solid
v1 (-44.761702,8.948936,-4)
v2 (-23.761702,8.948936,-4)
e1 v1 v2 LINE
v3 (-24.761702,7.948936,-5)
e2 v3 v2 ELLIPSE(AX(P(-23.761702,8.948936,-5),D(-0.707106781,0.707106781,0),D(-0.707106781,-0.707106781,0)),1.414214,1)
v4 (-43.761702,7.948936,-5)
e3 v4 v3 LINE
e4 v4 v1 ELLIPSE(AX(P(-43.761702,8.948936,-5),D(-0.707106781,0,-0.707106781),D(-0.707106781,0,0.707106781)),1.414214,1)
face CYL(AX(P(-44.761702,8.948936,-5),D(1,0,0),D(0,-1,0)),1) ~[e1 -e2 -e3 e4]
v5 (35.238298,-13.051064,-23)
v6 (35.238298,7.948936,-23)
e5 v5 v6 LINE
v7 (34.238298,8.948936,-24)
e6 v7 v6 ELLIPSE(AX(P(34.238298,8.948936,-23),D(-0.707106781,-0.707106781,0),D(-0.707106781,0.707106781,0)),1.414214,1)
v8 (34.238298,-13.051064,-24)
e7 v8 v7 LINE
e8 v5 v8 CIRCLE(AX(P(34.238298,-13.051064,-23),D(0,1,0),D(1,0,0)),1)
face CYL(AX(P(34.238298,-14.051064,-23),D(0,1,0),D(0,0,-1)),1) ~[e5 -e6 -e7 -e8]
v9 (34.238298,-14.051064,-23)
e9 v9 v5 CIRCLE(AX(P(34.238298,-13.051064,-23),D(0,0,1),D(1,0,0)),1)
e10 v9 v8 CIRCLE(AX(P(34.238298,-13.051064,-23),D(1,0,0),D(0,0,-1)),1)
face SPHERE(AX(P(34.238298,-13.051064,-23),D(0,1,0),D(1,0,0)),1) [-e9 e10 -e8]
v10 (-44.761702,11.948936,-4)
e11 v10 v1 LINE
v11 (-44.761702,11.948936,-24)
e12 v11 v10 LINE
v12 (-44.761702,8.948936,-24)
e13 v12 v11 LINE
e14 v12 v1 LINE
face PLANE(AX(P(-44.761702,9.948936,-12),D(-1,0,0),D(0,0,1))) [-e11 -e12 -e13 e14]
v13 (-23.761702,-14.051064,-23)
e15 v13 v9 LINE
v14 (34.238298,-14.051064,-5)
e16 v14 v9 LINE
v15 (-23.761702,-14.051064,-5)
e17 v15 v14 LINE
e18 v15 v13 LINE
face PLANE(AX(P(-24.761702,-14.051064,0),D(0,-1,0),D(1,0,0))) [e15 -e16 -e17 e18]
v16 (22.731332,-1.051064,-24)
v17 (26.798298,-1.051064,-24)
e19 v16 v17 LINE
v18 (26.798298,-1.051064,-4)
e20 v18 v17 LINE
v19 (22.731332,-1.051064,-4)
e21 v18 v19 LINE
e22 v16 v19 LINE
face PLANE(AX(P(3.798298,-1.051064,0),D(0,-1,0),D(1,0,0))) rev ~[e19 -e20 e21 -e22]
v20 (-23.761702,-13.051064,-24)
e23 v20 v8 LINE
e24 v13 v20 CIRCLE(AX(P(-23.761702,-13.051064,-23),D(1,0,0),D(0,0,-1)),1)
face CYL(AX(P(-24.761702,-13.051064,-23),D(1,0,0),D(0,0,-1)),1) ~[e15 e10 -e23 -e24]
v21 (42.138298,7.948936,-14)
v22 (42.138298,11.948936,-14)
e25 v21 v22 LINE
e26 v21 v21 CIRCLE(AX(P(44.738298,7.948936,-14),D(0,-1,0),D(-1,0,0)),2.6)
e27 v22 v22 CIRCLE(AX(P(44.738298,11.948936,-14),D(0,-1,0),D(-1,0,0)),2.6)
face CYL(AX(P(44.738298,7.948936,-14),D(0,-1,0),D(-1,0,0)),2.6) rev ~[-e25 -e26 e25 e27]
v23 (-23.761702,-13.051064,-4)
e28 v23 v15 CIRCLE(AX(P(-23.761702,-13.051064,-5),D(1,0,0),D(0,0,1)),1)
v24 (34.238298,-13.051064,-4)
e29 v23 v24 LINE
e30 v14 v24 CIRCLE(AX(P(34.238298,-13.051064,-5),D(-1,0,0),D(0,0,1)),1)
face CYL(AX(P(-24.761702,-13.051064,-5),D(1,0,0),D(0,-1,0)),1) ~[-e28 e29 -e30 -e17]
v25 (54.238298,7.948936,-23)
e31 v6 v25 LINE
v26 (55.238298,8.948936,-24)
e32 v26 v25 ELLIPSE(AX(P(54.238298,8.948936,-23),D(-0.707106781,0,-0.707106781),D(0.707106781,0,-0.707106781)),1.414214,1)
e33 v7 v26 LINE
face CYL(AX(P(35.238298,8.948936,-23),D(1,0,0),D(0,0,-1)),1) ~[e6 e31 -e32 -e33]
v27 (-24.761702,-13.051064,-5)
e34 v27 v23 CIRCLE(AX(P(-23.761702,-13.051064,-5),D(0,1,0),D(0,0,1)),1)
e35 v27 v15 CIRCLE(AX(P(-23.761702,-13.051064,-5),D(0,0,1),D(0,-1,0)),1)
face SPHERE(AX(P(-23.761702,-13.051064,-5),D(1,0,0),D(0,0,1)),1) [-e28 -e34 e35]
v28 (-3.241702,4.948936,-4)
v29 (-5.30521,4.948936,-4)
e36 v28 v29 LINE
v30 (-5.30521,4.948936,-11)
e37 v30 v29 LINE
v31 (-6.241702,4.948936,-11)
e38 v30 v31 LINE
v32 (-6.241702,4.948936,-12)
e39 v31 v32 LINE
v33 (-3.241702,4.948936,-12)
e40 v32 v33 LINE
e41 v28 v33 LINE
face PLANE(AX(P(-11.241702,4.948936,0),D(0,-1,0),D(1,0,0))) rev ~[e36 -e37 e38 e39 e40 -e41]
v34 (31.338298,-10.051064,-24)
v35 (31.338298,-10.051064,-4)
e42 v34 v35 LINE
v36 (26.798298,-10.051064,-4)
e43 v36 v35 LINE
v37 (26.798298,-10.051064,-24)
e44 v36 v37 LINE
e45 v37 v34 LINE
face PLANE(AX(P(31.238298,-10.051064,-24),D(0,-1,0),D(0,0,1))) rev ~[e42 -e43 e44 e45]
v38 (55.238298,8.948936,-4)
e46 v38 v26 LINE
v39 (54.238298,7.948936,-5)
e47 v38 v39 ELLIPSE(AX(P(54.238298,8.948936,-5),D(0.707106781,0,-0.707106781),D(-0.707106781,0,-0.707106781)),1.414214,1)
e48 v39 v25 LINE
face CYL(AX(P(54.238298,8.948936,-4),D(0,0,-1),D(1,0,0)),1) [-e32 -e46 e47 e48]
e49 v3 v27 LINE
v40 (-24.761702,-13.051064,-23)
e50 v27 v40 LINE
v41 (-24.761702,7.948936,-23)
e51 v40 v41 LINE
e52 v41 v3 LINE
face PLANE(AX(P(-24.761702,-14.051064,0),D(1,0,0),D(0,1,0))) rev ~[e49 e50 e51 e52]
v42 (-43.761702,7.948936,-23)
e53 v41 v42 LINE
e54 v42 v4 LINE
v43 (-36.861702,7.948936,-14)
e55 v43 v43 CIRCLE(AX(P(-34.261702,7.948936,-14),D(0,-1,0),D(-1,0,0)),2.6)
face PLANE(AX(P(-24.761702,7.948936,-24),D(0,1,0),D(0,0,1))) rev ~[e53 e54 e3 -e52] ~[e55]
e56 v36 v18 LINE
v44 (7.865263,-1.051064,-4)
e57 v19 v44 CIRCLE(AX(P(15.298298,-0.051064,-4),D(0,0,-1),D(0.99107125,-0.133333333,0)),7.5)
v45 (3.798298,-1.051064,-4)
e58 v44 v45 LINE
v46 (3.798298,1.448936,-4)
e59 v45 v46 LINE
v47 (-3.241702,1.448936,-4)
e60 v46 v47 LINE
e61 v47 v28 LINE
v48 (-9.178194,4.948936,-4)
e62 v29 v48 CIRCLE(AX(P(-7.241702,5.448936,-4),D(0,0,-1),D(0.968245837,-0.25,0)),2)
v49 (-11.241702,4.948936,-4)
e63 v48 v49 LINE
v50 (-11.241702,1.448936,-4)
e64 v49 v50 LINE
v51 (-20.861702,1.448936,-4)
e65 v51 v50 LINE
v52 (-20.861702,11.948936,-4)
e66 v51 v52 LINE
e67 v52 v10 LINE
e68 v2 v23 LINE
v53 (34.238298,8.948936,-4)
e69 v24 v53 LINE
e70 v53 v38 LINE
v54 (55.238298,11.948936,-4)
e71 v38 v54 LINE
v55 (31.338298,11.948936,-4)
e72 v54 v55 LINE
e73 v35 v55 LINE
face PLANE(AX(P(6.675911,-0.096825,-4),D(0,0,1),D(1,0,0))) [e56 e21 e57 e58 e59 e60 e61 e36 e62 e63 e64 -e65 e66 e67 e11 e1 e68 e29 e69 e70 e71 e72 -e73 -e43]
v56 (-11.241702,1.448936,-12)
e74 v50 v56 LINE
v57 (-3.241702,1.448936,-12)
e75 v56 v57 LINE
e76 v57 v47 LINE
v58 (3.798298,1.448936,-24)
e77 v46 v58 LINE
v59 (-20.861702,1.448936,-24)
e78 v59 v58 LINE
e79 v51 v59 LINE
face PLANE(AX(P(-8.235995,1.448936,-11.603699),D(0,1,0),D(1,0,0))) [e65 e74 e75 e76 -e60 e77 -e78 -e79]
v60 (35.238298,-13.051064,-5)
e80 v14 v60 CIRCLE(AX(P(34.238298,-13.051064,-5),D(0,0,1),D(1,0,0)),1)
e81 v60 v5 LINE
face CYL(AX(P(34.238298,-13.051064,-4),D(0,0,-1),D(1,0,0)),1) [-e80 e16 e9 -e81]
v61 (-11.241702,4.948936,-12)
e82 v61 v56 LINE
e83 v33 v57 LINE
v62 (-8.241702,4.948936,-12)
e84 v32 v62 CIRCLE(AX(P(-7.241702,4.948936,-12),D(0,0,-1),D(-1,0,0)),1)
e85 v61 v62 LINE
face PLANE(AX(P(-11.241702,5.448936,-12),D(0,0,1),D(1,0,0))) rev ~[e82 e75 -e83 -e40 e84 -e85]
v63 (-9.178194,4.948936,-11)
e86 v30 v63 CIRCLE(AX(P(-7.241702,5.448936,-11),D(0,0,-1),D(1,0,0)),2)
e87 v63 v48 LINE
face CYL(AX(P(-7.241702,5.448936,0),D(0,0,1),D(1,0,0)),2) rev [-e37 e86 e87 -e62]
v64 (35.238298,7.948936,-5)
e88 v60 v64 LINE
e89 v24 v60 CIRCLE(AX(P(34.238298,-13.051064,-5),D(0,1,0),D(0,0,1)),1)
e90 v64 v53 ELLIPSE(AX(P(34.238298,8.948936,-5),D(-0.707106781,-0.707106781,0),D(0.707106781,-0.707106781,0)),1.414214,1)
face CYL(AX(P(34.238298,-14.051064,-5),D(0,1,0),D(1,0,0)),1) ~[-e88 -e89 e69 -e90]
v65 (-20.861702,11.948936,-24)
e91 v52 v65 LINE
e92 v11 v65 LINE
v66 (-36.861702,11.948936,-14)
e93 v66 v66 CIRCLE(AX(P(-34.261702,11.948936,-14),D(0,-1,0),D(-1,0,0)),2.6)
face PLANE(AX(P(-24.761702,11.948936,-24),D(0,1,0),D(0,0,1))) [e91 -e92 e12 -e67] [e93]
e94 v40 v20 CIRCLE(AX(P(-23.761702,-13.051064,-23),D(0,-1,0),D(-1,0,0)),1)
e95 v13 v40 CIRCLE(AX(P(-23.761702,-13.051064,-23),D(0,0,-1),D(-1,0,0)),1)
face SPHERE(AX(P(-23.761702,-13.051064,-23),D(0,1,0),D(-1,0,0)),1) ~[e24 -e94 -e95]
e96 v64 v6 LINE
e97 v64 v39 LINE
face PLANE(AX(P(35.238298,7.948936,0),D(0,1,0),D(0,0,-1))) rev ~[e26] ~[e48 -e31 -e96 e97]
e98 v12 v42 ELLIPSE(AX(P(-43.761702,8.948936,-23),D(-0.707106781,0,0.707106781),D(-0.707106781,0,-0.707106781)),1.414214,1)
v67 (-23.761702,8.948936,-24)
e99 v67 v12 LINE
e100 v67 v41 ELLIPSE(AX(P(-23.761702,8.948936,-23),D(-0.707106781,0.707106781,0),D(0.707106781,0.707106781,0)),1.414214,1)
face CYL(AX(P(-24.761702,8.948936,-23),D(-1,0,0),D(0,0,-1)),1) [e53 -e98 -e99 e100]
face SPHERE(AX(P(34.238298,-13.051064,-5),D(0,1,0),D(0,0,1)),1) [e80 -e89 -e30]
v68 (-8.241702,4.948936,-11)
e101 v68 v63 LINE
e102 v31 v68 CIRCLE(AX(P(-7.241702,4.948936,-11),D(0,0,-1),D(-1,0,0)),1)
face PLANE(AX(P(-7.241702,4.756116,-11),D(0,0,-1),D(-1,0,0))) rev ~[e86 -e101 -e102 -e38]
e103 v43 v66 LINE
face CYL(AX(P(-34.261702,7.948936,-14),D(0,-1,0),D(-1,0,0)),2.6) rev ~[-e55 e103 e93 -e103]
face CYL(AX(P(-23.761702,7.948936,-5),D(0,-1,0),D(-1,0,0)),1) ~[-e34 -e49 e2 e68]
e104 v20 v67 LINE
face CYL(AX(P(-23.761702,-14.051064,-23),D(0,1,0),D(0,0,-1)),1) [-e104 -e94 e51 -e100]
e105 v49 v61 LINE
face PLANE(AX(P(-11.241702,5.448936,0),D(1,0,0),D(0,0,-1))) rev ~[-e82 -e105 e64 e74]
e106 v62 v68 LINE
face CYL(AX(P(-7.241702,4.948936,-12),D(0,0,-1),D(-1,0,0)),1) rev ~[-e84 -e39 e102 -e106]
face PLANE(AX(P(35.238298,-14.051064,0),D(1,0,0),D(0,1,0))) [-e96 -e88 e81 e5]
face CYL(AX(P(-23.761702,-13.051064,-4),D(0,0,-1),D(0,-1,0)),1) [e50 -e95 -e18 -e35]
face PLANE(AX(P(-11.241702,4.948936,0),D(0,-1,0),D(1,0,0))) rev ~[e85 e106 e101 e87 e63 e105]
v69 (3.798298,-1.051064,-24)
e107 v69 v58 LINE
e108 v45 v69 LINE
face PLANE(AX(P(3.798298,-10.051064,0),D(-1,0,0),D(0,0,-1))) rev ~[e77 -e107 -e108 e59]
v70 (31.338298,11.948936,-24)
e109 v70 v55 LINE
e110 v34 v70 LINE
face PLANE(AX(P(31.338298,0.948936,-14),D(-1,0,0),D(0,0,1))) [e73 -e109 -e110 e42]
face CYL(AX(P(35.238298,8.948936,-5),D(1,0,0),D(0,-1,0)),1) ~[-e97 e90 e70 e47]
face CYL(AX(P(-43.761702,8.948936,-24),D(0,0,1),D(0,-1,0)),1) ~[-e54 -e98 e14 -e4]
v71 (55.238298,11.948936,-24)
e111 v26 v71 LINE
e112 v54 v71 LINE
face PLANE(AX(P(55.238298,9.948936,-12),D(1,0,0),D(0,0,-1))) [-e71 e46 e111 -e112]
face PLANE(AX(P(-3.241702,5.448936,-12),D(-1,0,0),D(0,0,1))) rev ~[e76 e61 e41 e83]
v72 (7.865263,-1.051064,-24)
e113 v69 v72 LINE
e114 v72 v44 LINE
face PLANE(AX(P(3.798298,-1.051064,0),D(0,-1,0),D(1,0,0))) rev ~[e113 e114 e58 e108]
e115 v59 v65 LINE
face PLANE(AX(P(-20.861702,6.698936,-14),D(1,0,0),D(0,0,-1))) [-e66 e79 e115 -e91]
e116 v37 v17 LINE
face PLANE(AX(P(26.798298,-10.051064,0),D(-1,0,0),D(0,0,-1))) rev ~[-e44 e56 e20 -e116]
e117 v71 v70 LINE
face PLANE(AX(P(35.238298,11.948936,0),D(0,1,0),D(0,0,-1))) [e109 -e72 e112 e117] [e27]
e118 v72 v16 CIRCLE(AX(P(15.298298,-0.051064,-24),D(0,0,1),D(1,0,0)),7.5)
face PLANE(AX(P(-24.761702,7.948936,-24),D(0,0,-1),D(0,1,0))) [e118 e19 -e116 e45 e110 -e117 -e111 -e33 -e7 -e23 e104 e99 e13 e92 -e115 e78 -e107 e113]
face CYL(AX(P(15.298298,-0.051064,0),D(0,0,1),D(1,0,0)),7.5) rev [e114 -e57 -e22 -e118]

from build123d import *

# Parameters (mm, degrees)
SKETCH_1_W               = 60
SKETCH_1_H               = 26
EXTRUDE_1_DEPTH          = 24
CUT_EXTRUDE_1_DEPTH      = 1
CUT_EXTRUDE_1_DEPTH_BACK = 24
SKETCH_3_W               = 23
SKETCH_3_H               = 24
EXTRUDE_2_DEPTH          = 10
CUT_EXTRUDE_2_DEPTH      = 25
SKETCH_5_W               = 23
SKETCH_5_H               = 1
CUT_EXTRUDE_3_DEPTH      = 25
SKETCH_6_W               = 24.56
SKETCH_6_H               = 24
EXTRUDE_4_DEPTH          = 15.5
CUT_EXTRUDE_5_DEPTH      = 4
CUT_EXTRUDE_6_DEPTH      = 11
SKETCH_10_W              = 8
SKETCH_10_H              = 0.5
CUT_EXTRUDE_8_DEPTH      = 25
SKETCH_11_R              = 1
CUT_EXTRUDE_9_DEPTH      = 11
SKETCH_12_W              = 24
SKETCH_12_H              = 4
EXTRUDE_5_DEPTH          = 20
SKETCH_13_W              = 24
SKETCH_13_H              = 4
EXTRUDE_6_DEPTH          = 20
CUT_EXTRUDE_10_DEPTH     = 4
FILLET_1_R               = 1
SKETCH_15_R              = 2.6
CUT_EXTRUDE_11_DEPTH     = 4
SKETCH_16_R              = 2.6
CUT_EXTRUDE_12_DEPTH     = 4
SKETCH_17_W              = 20
SKETCH_17_H              = 22
CUT_EXTRUDE_13_DEPTH     = 0.1
SKETCH_18_W              = 20
SKETCH_18_H              = 10.5
CUT_EXTRUDE_14_DEPTH     = 0.1


with BuildPart() as part:
    # 草图1 → 凸台-拉伸1 (new body)
    with BuildSketch(Plane.XY):
        with Locations((5.238297872, -1.05106383)):
            Rectangle(SKETCH_1_W, SKETCH_1_H)
    extrude(amount=-EXTRUDE_1_DEPTH)

    # 草图2 → 切除-拉伸1 (cut, two sides)
    with BuildSketch(Plane.XY) as cut_extrude_1_sk:
        Polygon((-20.761702128, 145.431728494), (-20.761702128, 11.94893617), (-20.761702128, -10.05106383), (31.238297872, -10.05106383), (31.238297872, 11.94893617), (31.238297872, 145.431728494), (31.238297872, 412.397313141), (-20.761702128, 412.397313141), align=None)
    extrude(amount=CUT_EXTRUDE_1_DEPTH, mode=Mode.SUBTRACT)
    extrude(cut_extrude_1_sk.sketch, amount=-CUT_EXTRUDE_1_DEPTH_BACK, mode=Mode.SUBTRACT)

    # 草图3 → 凸台-拉伸2 (add)
    with BuildSketch(Plane(origin=(0, -10.05106383, 0), x_dir=(1, 0, 0), z_dir=(0, 1, 0))):
        with Locations((15.298297872, 12)):
            Rectangle(SKETCH_3_W, SKETCH_3_H)
    extrude(amount=EXTRUDE_2_DEPTH)

    # 草图4 → 切除-拉伸2 (cut, through all)
    with BuildSketch(Plane.XY):
        with BuildLine():
            Line((7.798297872, -0.05106383), (22.798297872, -0.05106383))
            ThreePointArc((22.798297872, -0.05106383), (15.298297872, -7.55106383), (7.798297872, -0.05106383))
        make_face()
    extrude(amount=-CUT_EXTRUDE_2_DEPTH, mode=Mode.SUBTRACT)

    # 草图5 → 切除-拉伸3 (cut, through all)
    with BuildSketch(Plane.XY):
        with Locations((15.298297872, -0.55106383)):
            Rectangle(SKETCH_5_W, SKETCH_5_H)
    extrude(amount=-CUT_EXTRUDE_3_DEPTH, mode=Mode.SUBTRACT)

    # 草图6 → 凸台-拉伸4 (add)
    with BuildSketch(Plane(origin=(0, -10.05106383, 0), x_dir=(1, 0, 0), z_dir=(0, 1, 0))):
        with Locations((-8.481702128, 12)):
            Rectangle(SKETCH_6_W, SKETCH_6_H)
    extrude(amount=EXTRUDE_4_DEPTH)

    # 草图7 → 切除-拉伸5 (cut)
    with BuildSketch(Plane(origin=(0, 5.44893617, 0), x_dir=(1, 0, 0), z_dir=(0, 1, 0))):
        Polygon((-20.761702128, 0), (-11.241702128, 0), (-11.241702128, 12), (-3.241702128, 12), (-3.241702128, 0), (3.798297872, 0), (3.798297872, 24), (-20.761702128, 24), align=None)
    extrude(amount=-CUT_EXTRUDE_5_DEPTH, mode=Mode.SUBTRACT)

    # 草图8 → 切除-拉伸6 (cut)
    with BuildSketch(Plane.XY):
        with BuildLine():
            Line((-9.241702128, 5.44893617), (-5.241702128, 5.44893617))
            ThreePointArc((-5.241702128, 5.44893617), (-7.241702128, 3.44893617), (-9.241702128, 5.44893617))
        make_face()
    extrude(amount=-CUT_EXTRUDE_6_DEPTH, mode=Mode.SUBTRACT)

    # 草图10 → 切除-拉伸8 (cut, through all)
    with BuildSketch(Plane.XY):
        with Locations((-7.241702128, 5.19893617)):
            Rectangle(SKETCH_10_W, SKETCH_10_H)
    extrude(amount=-CUT_EXTRUDE_8_DEPTH, mode=Mode.SUBTRACT)

    # 草图11 → 切除-拉伸9 (cut)
    with BuildSketch(Plane(origin=(0, 0, -12), x_dir=(-1, 0, 0), z_dir=(0, 0, -1))):
        with Locations((7.241702128, 4.94893617)):
            Circle(SKETCH_11_R)
    extrude(amount=-CUT_EXTRUDE_9_DEPTH, mode=Mode.SUBTRACT)

    # 草图12 → 凸台-拉伸5 (add)
    with BuildSketch(Plane(origin=(35.238297872, 0, 0), x_dir=(0, 0, -1), z_dir=(1, 0, 0))):
        with Locations((12, 9.94893617)):
            Rectangle(SKETCH_12_W, SKETCH_12_H)
    extrude(amount=EXTRUDE_5_DEPTH)

    # 草图13 → 凸台-拉伸6 (add)
    with BuildSketch(Plane.ZY.offset(24.761702128)):
        with Locations((-12, 9.94893617)):
            Rectangle(SKETCH_13_W, SKETCH_13_H)
    extrude(amount=EXTRUDE_6_DEPTH)

    # 草图14 → 切除-拉伸10 (cut)
    with BuildSketch(Plane.XY):
        with BuildLine():
            Line((-9.178193801, 4.94893617), (-11.241702128, 4.94893617))
            Line((-11.241702128, 4.94893617), (-11.241702128, 1.44893617))
            Line((-11.241702128, 1.44893617), (-20.761702128, 1.44893617))
            Line((-20.761702128, 1.44893617), (-20.761702128, 11.94893617))
            Line((-20.761702128, 11.94893617), (-44.761702128, 11.94893617))
            Line((-44.761702128, 11.94893617), (-44.761702128, 7.94893617))
            Line((-44.761702128, 7.94893617), (-24.761702128, 7.94893617))
            Line((-24.761702128, 7.94893617), (-24.761702128, -14.05106383))
            Line((-24.761702128, -14.05106383), (35.238297872, -14.05106383))
            Line((35.238297872, -14.05106383), (35.238297872, 7.94893617))
            Line((35.238297872, 7.94893617), (55.238297872, 7.94893617))
            Line((55.238297872, 7.94893617), (55.238297872, 11.94893617))
            Line((55.238297872, 11.94893617), (31.238297872, 11.94893617))
            Line((31.238297872, 11.94893617), (31.238297872, -10.05106383))
            Line((31.238297872, -10.05106383), (26.798297872, -10.05106383))
            Line((26.798297872, -10.05106383), (26.798297872, -1.05106383))
            Line((26.798297872, -1.05106383), (22.731332246, -1.05106383))
            ThreePointArc((22.731332246, -1.05106383), (15.298297872, -7.55106383), (7.865263499, -1.05106383))
            Line((7.865263499, -1.05106383), (3.798297872, -1.05106383))
            Line((3.798297872, -1.05106383), (3.798297872, 1.44893617))
            Line((3.798297872, 1.44893617), (-3.241702128, 1.44893617))
            Line((-3.241702128, 1.44893617), (-3.241702128, 4.94893617))
            Line((-3.241702128, 4.94893617), (-5.305210455, 4.94893617))
            ThreePointArc((-5.305210455, 4.94893617), (-7.241702128, 3.44893617), (-9.178193801, 4.94893617))
        make_face()
    extrude(amount=-CUT_EXTRUDE_10_DEPTH, mode=Mode.SUBTRACT)

    # 圆角1
    fillet_1_edges = [part.edges().sort_by_distance(p)[0] for p in [
        (35.238297872, -3.05106383, -24),
        (45.238297872, 7.94893617, -24),
        (-24.761702128, -3.05106383, -24),
        (-34.761702128, 7.94893617, -24),
        (-44.761702128, 7.94893617, -14),
        (55.238297872, 7.94893617, -14),
        (45.238297872, 7.94893617, -4),
        (35.238297872, -3.05106383, -4),
        (5.238297872, -14.05106383, -4),
        (-24.761702128, -3.05106383, -4),
        (-34.761702128, 7.94893617, -4),
        (35.238297872, -14.05106383, -14),
        (-24.761702128, -14.05106383, -14),
        (5.238297872, -14.05106383, -24),
    ]]
    fillet(fillet_1_edges, radius=FILLET_1_R)

    # 草图15 → 切除-拉伸11 (cut)
    with BuildSketch(Plane(origin=(0, 7.94893617, 0), x_dir=(-1, 0, 0), z_dir=(0, -1, 0))):
        with Locations((34.261702128, 14)):
            Circle(SKETCH_15_R)
    extrude(amount=-CUT_EXTRUDE_11_DEPTH, mode=Mode.SUBTRACT)

    # 草图16 → 切除-拉伸12 (cut)
    with BuildSketch(Plane(origin=(0, 7.94893617, 0), x_dir=(-1, 0, 0), z_dir=(0, -1, 0))):
        with Locations((-44.738297872, 14)):
            Circle(SKETCH_16_R)
    extrude(amount=-CUT_EXTRUDE_12_DEPTH, mode=Mode.SUBTRACT)

    # 草图17 → 切除-拉伸13 (cut)
    with BuildSketch(Plane.ZY.offset(-31.238297872)):
        with Locations((-14, 0.94893617)):
            Rectangle(SKETCH_17_W, SKETCH_17_H)
    extrude(amount=-CUT_EXTRUDE_13_DEPTH, mode=Mode.SUBTRACT)

    # 草图18 → 切除-拉伸14 (cut)
    with BuildSketch(Plane(origin=(-20.761702128, 0, 0), x_dir=(0, 0, -1), z_dir=(1, 0, 0))):
        with Locations((14, 6.69893617)):
            Rectangle(SKETCH_18_W, SKETCH_18_H)
    extrude(amount=-CUT_EXTRUDE_14_DEPTH, mode=Mode.SUBTRACT)


solid = part.part
